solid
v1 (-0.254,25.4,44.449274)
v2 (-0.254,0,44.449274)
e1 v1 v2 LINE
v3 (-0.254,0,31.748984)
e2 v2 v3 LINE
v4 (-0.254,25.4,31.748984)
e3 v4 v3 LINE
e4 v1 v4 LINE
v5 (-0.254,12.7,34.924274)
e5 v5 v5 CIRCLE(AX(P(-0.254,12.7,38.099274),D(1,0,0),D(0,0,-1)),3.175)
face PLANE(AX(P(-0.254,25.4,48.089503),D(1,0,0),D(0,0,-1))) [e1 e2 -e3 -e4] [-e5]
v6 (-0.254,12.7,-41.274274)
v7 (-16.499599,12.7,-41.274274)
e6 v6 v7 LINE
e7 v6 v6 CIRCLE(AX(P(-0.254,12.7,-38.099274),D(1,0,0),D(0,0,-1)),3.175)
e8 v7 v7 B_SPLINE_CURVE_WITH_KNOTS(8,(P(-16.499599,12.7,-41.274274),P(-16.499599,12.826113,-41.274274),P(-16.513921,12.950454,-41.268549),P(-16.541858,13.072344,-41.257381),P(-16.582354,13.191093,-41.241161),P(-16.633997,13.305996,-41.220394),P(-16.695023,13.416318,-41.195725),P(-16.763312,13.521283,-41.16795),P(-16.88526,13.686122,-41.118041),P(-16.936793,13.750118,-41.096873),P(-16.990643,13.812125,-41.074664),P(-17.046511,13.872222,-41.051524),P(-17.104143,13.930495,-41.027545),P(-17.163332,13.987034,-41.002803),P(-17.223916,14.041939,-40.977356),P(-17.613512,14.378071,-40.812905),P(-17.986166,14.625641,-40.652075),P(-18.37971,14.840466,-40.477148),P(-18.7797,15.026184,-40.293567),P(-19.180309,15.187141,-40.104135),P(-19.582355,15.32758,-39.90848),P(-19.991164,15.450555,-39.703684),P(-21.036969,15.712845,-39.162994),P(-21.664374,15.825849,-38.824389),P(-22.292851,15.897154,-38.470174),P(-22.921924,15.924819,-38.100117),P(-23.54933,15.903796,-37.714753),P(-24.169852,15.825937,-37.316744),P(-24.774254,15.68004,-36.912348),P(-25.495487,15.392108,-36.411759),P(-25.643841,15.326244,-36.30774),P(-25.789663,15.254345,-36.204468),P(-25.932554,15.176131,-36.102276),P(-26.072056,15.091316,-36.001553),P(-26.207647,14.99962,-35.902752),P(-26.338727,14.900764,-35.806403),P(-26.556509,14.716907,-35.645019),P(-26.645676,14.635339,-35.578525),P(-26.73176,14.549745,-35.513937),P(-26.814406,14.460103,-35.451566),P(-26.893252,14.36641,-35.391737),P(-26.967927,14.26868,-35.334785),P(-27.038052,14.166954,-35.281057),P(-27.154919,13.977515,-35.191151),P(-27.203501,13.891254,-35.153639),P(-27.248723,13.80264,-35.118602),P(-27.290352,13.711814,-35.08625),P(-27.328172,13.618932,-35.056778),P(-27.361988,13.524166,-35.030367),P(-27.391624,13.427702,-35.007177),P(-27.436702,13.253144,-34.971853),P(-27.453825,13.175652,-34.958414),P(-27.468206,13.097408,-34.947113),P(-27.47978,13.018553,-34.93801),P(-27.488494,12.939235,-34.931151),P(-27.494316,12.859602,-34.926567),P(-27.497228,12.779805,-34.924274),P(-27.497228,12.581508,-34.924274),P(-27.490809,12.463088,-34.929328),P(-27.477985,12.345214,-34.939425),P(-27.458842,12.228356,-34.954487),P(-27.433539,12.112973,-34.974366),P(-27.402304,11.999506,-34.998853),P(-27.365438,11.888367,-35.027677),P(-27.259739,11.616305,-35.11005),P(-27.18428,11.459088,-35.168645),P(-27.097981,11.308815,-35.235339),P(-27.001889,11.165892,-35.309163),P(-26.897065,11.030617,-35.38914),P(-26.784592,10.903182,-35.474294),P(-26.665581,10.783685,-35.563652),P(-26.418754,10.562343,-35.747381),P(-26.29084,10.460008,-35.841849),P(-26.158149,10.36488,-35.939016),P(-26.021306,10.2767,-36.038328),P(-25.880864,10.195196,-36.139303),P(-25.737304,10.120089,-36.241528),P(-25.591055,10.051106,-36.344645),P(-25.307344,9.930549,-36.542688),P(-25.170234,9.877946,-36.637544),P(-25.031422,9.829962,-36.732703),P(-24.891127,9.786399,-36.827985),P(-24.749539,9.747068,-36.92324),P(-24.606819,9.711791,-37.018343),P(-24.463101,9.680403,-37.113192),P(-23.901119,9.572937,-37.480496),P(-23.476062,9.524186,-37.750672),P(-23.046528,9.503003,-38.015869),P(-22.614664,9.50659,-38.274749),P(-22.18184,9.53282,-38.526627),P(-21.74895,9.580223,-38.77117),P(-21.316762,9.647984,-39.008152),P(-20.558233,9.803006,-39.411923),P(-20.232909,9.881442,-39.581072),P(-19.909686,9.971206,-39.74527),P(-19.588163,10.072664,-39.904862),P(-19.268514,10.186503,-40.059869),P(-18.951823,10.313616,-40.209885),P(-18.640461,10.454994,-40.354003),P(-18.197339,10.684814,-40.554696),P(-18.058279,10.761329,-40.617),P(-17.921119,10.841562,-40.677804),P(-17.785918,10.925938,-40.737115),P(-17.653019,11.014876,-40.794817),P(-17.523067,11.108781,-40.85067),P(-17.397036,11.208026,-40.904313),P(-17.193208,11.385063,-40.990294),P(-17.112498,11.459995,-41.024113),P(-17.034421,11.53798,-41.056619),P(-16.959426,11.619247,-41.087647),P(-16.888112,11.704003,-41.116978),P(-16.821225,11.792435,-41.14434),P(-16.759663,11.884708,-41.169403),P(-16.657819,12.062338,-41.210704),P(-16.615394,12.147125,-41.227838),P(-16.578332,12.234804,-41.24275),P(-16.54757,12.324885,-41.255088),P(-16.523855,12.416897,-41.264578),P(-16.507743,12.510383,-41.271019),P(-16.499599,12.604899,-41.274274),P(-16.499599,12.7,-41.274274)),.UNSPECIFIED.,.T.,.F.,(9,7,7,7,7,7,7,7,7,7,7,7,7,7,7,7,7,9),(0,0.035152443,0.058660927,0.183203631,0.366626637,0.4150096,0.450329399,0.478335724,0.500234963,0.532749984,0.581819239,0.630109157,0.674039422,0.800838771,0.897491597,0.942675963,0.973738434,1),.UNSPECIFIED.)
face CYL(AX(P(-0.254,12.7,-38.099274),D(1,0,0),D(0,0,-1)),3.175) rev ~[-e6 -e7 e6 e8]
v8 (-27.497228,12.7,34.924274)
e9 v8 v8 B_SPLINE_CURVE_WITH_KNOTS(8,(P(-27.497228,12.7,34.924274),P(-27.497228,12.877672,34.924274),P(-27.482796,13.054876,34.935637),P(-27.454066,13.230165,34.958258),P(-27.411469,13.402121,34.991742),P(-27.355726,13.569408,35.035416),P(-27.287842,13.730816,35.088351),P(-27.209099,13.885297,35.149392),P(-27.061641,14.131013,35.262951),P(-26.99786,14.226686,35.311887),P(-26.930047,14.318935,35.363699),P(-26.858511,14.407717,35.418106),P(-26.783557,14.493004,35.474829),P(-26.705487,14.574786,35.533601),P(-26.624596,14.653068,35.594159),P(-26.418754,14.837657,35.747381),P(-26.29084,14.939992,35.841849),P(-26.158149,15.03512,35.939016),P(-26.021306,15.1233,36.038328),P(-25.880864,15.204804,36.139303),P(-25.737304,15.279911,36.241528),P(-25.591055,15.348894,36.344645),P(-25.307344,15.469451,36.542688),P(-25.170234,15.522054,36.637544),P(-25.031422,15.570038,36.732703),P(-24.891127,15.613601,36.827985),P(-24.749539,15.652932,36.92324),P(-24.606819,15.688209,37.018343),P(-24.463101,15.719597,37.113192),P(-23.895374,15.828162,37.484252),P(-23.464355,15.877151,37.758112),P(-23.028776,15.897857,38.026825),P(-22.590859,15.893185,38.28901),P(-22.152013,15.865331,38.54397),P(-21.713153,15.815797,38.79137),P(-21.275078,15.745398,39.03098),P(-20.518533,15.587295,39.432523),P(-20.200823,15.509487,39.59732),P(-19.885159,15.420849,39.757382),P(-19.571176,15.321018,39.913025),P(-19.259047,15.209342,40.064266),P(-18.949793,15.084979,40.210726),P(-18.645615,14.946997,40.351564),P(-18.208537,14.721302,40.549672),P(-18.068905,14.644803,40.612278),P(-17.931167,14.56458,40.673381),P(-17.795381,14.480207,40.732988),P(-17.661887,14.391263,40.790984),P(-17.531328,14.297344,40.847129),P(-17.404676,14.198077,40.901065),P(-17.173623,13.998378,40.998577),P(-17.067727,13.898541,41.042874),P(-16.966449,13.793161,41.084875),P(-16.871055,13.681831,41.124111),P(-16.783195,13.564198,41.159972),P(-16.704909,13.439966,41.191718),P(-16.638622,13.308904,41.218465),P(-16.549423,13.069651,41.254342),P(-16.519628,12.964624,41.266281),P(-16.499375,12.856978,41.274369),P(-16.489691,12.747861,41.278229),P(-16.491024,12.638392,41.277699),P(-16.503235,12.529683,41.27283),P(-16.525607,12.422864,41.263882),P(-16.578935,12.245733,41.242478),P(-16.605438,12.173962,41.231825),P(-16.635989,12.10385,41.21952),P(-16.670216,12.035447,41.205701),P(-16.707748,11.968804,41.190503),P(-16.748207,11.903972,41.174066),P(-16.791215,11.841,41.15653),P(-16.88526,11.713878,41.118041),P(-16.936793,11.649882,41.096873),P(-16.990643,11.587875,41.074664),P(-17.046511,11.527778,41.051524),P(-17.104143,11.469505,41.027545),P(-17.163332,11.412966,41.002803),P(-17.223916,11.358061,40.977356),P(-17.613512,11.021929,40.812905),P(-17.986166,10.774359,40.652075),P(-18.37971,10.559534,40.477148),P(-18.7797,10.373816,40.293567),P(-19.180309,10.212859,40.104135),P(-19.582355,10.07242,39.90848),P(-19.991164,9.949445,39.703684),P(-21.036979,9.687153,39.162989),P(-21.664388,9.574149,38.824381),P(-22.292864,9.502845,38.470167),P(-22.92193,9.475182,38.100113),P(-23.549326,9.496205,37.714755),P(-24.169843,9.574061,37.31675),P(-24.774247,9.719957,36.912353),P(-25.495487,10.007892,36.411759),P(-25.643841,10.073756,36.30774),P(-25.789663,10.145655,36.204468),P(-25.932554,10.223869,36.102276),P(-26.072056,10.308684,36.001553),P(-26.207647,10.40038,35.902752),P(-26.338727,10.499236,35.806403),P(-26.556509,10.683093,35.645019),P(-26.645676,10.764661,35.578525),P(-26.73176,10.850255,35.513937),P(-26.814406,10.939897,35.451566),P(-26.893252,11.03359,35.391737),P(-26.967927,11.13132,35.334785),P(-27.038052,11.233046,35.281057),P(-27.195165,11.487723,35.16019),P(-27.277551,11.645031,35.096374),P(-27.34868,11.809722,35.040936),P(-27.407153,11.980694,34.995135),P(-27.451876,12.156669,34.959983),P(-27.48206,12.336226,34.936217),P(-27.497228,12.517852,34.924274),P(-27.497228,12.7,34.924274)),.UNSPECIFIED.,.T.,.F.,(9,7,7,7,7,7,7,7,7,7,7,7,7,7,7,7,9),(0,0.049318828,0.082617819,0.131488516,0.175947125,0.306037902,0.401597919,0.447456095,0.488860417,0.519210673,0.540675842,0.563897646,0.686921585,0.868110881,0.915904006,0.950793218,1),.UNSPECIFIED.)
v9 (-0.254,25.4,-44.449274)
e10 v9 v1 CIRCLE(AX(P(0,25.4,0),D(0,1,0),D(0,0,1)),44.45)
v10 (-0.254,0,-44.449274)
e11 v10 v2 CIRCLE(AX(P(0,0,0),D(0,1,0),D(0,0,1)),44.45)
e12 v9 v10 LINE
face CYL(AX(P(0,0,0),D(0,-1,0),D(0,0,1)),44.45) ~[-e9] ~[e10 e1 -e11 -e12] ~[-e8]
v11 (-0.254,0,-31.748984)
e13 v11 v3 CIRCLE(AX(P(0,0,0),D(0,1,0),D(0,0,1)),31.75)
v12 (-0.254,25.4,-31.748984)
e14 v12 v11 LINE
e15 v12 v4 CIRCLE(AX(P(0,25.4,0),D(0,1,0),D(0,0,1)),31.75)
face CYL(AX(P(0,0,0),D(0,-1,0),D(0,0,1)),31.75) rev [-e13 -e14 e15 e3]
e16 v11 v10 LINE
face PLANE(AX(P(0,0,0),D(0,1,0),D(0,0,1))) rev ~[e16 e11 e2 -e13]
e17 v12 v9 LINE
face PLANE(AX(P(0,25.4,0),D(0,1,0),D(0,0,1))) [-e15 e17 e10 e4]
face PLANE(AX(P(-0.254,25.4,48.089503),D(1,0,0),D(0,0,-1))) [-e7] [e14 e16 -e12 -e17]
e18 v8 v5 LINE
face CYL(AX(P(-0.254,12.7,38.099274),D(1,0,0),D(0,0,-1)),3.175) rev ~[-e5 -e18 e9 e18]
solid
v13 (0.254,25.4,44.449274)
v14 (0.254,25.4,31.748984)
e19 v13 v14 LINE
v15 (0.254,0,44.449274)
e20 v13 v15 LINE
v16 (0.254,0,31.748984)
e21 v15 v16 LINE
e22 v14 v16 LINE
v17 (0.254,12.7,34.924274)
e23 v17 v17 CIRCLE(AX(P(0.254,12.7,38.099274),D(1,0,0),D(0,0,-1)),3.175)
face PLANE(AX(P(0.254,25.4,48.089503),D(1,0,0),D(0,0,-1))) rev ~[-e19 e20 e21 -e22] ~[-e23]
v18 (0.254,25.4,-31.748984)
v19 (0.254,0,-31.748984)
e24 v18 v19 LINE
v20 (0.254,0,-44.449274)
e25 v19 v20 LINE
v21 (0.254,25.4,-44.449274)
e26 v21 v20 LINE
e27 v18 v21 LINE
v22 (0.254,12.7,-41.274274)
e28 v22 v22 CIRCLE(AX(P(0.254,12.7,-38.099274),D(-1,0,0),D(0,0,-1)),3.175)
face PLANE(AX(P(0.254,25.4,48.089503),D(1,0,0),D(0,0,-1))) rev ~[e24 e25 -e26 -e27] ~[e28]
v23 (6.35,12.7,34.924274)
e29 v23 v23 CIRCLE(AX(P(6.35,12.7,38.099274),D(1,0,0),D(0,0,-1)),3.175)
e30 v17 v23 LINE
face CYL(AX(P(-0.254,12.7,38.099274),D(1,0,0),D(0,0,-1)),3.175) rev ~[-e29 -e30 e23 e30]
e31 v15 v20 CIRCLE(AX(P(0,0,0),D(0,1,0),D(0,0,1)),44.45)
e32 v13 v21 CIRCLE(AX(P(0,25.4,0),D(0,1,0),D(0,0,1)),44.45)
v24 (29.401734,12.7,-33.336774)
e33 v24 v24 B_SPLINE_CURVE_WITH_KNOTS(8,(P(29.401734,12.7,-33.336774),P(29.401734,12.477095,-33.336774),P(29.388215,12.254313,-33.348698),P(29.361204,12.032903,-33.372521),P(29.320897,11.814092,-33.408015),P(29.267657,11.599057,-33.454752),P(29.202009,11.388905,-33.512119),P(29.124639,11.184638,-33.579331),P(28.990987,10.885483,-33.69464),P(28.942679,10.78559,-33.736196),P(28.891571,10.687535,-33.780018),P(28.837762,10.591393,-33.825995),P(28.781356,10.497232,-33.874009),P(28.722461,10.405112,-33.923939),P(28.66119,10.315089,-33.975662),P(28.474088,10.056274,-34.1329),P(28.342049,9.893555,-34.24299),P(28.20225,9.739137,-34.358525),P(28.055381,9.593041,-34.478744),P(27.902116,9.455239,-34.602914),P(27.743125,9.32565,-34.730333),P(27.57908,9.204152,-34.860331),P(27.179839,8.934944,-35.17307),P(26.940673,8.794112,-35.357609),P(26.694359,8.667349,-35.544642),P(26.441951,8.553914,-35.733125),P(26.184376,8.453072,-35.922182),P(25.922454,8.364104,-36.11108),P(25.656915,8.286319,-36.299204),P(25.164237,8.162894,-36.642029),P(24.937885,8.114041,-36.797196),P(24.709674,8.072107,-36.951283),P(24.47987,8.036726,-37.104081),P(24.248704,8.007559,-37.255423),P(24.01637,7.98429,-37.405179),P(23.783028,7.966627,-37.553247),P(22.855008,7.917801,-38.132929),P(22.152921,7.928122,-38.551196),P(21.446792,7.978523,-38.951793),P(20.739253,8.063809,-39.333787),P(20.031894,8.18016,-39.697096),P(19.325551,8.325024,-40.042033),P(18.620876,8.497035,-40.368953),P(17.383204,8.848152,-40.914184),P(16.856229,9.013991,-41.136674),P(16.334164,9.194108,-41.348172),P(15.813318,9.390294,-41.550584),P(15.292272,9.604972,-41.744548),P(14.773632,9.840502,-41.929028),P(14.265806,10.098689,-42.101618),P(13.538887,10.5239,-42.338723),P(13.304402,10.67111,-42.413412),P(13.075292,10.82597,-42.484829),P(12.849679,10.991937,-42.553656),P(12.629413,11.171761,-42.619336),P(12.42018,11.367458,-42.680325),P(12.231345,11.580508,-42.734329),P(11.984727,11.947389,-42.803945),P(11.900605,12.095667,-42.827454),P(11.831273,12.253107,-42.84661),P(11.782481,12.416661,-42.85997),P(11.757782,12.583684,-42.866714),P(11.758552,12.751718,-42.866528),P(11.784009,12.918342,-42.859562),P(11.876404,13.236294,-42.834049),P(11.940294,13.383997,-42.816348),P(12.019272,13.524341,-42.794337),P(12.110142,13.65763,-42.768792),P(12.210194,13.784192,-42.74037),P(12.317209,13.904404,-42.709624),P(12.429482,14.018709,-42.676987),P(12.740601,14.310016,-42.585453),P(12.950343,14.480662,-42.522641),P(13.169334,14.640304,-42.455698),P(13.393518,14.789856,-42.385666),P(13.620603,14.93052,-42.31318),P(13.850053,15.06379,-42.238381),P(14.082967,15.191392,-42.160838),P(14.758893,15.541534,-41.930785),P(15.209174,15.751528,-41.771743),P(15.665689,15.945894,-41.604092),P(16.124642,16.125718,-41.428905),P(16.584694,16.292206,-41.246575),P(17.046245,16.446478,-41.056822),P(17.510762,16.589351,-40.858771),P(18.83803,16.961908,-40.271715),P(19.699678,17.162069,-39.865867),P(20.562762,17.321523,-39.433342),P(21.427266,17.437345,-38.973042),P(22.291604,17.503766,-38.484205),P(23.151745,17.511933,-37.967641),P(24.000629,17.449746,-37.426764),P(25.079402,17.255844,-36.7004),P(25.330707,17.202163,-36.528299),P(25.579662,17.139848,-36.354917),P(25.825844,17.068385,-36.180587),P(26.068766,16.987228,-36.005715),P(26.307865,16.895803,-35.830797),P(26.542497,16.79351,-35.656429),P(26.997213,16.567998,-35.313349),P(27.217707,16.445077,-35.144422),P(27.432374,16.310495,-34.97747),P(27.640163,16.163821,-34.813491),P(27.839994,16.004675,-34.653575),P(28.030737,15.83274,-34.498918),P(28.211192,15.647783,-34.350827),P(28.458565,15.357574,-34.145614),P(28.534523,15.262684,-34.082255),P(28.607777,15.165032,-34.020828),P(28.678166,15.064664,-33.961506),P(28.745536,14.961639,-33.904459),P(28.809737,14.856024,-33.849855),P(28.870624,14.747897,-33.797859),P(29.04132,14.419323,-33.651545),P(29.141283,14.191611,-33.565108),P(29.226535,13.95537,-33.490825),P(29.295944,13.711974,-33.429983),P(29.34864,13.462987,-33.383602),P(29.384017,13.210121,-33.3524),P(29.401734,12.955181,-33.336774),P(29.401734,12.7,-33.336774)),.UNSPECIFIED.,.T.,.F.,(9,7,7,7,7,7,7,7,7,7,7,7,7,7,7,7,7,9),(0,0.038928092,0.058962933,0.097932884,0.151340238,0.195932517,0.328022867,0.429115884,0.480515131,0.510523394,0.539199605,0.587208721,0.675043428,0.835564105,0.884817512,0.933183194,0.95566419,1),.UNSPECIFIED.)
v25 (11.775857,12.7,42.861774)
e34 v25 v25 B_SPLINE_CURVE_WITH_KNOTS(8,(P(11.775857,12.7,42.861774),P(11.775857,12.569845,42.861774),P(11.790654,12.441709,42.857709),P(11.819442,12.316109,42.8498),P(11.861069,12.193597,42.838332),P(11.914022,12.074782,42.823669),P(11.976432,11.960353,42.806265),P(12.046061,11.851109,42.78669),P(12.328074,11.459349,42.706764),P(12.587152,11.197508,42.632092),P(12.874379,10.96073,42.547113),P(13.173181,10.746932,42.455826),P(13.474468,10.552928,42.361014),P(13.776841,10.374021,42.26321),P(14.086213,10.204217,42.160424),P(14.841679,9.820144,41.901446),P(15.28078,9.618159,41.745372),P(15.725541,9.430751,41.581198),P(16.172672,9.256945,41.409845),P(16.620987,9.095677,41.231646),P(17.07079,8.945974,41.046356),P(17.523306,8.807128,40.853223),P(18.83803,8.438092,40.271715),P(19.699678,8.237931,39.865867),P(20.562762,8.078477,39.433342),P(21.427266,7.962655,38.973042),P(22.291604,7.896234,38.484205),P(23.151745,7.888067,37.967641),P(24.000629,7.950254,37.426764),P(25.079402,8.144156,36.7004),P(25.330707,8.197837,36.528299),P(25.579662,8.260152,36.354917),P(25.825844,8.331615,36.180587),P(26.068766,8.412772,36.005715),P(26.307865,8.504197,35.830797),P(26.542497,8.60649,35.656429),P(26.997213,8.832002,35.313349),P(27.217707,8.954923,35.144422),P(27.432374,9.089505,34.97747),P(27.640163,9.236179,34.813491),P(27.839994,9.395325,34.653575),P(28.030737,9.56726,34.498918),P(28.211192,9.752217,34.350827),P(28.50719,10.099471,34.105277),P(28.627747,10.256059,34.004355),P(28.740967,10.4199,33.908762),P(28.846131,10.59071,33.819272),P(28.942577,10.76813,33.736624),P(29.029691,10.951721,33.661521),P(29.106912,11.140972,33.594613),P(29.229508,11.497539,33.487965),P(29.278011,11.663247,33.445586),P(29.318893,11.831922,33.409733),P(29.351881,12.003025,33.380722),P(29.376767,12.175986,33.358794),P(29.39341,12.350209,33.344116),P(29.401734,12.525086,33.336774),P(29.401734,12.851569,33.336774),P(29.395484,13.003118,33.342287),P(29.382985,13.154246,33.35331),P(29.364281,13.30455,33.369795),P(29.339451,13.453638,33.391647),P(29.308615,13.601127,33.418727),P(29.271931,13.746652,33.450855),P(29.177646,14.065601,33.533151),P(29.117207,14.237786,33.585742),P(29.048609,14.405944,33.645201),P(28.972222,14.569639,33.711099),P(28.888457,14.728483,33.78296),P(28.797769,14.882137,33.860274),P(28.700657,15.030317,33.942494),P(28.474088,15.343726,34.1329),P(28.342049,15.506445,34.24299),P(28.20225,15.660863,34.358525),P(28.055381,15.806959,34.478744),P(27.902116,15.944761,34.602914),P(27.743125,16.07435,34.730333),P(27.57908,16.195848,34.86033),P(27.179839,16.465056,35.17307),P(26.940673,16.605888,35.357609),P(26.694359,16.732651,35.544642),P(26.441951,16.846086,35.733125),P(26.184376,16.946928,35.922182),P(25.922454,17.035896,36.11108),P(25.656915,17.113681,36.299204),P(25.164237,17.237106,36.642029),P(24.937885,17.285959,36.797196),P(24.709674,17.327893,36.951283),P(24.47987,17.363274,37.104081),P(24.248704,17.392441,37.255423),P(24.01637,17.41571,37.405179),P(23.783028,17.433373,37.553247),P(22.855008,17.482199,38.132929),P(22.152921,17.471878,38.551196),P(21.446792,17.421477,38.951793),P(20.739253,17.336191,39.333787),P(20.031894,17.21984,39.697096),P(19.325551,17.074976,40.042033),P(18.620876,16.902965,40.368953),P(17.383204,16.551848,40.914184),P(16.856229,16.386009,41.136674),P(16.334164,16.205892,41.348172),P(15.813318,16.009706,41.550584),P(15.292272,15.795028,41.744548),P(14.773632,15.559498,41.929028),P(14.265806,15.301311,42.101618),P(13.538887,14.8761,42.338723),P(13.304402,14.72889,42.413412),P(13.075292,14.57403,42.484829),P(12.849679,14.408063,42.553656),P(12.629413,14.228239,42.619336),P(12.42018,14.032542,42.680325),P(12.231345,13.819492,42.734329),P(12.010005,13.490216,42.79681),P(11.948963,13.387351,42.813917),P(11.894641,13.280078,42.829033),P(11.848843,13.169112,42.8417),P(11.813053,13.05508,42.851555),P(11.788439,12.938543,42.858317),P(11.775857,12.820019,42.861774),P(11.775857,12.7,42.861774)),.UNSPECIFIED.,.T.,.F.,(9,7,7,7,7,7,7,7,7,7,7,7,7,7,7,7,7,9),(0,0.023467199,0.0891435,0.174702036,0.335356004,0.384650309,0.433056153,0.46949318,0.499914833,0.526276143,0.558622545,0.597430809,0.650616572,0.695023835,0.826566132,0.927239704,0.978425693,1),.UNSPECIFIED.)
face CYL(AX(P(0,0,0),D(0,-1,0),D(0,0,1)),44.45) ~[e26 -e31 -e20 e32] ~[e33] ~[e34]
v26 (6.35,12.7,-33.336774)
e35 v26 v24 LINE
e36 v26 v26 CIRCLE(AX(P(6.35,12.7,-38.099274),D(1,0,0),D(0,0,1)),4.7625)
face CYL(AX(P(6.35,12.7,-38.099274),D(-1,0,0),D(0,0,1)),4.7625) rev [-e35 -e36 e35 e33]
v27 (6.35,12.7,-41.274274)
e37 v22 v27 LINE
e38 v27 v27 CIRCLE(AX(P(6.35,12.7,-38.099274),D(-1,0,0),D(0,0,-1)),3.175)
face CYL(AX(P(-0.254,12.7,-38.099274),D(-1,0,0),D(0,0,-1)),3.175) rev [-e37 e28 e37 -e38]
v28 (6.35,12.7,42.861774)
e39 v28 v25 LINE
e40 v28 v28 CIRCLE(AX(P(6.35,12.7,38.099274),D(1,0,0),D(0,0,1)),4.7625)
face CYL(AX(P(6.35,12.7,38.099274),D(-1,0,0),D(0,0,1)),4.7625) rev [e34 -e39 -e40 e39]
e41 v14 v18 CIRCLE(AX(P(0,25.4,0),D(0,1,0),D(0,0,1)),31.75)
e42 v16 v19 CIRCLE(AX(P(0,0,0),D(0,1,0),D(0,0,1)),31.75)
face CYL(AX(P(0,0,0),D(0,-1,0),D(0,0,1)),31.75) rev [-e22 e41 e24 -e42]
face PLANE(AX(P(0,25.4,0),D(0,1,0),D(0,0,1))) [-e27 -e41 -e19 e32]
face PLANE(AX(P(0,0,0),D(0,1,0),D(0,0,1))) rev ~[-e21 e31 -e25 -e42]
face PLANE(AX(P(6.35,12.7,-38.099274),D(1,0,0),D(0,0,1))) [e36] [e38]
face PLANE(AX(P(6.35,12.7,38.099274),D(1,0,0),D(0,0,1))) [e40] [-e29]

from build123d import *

# Parameters (mm, degrees)
SKETCH1_R           = 44.45
SKETCH1_R_2         = 31.75
BOSS_EXTRUDE1_DEPTH = 25.4
SKETCH2_W           = 0.508
SKETCH2_H           = 94.561041641
CUT_EXTRUDE1_DEPTH  = 25.4
SKETCH3_R           = 3.175
CUT_EXTRUDE2_DEPTH  = 29.21
CUT_EXTRUDE3_START  = 6.35
SKETCH4_R           = 4.7625
CUT_EXTRUDE3_DEPTH  = 77.47


with BuildPart() as part:
    # Sketch1 → Boss-Extrude1 (new body)
    with BuildSketch(Plane(origin=(0, 0, 0), x_dir=(1, 0, 0), z_dir=(0, 1, 0))):
        with Locations(Location((0, 0, 0), (0, 0, 270))):
            Circle(SKETCH1_R)
        with Locations(Location((0, 0, 0), (0, 0, 270))):
            Circle(SKETCH1_R_2, mode=Mode.SUBTRACT)
    extrude(amount=BOSS_EXTRUDE1_DEPTH)

    # Sketch2 → Cut-Extrude1 (cut)
    with BuildSketch(Plane(origin=(0, 25.4, 0), x_dir=(1, 0, 0), z_dir=(0, 1, 0))):
        with Locations((0, -0.808982296)):
            Rectangle(SKETCH2_W, SKETCH2_H)
    extrude(amount=-CUT_EXTRUDE1_DEPTH, mode=Mode.SUBTRACT)


with BuildPart() as cut_extrude1_piece_1:
    # of the separate pieces the step leaves, piece 1, a body of its own (cut_extrude1_pieces)
    add(part.part.solids().sort_by_distance((-0.254, 0, -44.44927428))[0])


with BuildPart() as cut_extrude1_piece_2:
    # of the separate pieces the step leaves, piece 2, a body of its own (cut_extrude1_pieces)
    add(part.part.solids().sort_by_distance((0.254, 0, 44.44927428))[0])


with BuildPart() as cut_extrude2_tool:
    # Sketch3 → Cut-Extrude2 (new, symmetric)
    with BuildSketch(Plane(origin=(-0.254, 0, 0), x_dir=(0, 0, -1), z_dir=(1, 0, 0))):
        with Locations((38.09927428, 12.7)):
            Circle(SKETCH3_R)
        with Locations((-38.09927428, 12.7)):
            Circle(SKETCH3_R)
    extrude(amount=CUT_EXTRUDE2_DEPTH, both=True)


with BuildPart() as cut_extrude1_piece_1_1:
    add(cut_extrude1_piece_1.part)

    # Cut-Extrude2: cut by cut_extrude2_tool
    add(cut_extrude2_tool.part, mode=Mode.SUBTRACT)


with BuildPart() as cut_extrude1_piece_2_1:
    add(cut_extrude1_piece_2.part)

    # Cut-Extrude2: cut by cut_extrude2_tool
    add(cut_extrude2_tool.part, mode=Mode.SUBTRACT)

    # Sketch4 → Cut-Extrude3 (cut)
    with BuildSketch(Plane(origin=(0, 0, 0), x_dir=(0, 0, -1), z_dir=(1, 0, 0)).offset(CUT_EXTRUDE3_START)):
        with Locations(Location((38.09927428, 12.7, 0), (0, 0, 180))):
            Circle(SKETCH4_R)
        with Locations(Location((-38.09927428, 12.7, 0), (0, 0, 180))):
            Circle(SKETCH4_R)
    extrude(amount=CUT_EXTRUDE3_DEPTH, mode=Mode.SUBTRACT)


solid = Compound([cut_extrude1_piece_1_1.part, cut_extrude1_piece_2_1.part])
